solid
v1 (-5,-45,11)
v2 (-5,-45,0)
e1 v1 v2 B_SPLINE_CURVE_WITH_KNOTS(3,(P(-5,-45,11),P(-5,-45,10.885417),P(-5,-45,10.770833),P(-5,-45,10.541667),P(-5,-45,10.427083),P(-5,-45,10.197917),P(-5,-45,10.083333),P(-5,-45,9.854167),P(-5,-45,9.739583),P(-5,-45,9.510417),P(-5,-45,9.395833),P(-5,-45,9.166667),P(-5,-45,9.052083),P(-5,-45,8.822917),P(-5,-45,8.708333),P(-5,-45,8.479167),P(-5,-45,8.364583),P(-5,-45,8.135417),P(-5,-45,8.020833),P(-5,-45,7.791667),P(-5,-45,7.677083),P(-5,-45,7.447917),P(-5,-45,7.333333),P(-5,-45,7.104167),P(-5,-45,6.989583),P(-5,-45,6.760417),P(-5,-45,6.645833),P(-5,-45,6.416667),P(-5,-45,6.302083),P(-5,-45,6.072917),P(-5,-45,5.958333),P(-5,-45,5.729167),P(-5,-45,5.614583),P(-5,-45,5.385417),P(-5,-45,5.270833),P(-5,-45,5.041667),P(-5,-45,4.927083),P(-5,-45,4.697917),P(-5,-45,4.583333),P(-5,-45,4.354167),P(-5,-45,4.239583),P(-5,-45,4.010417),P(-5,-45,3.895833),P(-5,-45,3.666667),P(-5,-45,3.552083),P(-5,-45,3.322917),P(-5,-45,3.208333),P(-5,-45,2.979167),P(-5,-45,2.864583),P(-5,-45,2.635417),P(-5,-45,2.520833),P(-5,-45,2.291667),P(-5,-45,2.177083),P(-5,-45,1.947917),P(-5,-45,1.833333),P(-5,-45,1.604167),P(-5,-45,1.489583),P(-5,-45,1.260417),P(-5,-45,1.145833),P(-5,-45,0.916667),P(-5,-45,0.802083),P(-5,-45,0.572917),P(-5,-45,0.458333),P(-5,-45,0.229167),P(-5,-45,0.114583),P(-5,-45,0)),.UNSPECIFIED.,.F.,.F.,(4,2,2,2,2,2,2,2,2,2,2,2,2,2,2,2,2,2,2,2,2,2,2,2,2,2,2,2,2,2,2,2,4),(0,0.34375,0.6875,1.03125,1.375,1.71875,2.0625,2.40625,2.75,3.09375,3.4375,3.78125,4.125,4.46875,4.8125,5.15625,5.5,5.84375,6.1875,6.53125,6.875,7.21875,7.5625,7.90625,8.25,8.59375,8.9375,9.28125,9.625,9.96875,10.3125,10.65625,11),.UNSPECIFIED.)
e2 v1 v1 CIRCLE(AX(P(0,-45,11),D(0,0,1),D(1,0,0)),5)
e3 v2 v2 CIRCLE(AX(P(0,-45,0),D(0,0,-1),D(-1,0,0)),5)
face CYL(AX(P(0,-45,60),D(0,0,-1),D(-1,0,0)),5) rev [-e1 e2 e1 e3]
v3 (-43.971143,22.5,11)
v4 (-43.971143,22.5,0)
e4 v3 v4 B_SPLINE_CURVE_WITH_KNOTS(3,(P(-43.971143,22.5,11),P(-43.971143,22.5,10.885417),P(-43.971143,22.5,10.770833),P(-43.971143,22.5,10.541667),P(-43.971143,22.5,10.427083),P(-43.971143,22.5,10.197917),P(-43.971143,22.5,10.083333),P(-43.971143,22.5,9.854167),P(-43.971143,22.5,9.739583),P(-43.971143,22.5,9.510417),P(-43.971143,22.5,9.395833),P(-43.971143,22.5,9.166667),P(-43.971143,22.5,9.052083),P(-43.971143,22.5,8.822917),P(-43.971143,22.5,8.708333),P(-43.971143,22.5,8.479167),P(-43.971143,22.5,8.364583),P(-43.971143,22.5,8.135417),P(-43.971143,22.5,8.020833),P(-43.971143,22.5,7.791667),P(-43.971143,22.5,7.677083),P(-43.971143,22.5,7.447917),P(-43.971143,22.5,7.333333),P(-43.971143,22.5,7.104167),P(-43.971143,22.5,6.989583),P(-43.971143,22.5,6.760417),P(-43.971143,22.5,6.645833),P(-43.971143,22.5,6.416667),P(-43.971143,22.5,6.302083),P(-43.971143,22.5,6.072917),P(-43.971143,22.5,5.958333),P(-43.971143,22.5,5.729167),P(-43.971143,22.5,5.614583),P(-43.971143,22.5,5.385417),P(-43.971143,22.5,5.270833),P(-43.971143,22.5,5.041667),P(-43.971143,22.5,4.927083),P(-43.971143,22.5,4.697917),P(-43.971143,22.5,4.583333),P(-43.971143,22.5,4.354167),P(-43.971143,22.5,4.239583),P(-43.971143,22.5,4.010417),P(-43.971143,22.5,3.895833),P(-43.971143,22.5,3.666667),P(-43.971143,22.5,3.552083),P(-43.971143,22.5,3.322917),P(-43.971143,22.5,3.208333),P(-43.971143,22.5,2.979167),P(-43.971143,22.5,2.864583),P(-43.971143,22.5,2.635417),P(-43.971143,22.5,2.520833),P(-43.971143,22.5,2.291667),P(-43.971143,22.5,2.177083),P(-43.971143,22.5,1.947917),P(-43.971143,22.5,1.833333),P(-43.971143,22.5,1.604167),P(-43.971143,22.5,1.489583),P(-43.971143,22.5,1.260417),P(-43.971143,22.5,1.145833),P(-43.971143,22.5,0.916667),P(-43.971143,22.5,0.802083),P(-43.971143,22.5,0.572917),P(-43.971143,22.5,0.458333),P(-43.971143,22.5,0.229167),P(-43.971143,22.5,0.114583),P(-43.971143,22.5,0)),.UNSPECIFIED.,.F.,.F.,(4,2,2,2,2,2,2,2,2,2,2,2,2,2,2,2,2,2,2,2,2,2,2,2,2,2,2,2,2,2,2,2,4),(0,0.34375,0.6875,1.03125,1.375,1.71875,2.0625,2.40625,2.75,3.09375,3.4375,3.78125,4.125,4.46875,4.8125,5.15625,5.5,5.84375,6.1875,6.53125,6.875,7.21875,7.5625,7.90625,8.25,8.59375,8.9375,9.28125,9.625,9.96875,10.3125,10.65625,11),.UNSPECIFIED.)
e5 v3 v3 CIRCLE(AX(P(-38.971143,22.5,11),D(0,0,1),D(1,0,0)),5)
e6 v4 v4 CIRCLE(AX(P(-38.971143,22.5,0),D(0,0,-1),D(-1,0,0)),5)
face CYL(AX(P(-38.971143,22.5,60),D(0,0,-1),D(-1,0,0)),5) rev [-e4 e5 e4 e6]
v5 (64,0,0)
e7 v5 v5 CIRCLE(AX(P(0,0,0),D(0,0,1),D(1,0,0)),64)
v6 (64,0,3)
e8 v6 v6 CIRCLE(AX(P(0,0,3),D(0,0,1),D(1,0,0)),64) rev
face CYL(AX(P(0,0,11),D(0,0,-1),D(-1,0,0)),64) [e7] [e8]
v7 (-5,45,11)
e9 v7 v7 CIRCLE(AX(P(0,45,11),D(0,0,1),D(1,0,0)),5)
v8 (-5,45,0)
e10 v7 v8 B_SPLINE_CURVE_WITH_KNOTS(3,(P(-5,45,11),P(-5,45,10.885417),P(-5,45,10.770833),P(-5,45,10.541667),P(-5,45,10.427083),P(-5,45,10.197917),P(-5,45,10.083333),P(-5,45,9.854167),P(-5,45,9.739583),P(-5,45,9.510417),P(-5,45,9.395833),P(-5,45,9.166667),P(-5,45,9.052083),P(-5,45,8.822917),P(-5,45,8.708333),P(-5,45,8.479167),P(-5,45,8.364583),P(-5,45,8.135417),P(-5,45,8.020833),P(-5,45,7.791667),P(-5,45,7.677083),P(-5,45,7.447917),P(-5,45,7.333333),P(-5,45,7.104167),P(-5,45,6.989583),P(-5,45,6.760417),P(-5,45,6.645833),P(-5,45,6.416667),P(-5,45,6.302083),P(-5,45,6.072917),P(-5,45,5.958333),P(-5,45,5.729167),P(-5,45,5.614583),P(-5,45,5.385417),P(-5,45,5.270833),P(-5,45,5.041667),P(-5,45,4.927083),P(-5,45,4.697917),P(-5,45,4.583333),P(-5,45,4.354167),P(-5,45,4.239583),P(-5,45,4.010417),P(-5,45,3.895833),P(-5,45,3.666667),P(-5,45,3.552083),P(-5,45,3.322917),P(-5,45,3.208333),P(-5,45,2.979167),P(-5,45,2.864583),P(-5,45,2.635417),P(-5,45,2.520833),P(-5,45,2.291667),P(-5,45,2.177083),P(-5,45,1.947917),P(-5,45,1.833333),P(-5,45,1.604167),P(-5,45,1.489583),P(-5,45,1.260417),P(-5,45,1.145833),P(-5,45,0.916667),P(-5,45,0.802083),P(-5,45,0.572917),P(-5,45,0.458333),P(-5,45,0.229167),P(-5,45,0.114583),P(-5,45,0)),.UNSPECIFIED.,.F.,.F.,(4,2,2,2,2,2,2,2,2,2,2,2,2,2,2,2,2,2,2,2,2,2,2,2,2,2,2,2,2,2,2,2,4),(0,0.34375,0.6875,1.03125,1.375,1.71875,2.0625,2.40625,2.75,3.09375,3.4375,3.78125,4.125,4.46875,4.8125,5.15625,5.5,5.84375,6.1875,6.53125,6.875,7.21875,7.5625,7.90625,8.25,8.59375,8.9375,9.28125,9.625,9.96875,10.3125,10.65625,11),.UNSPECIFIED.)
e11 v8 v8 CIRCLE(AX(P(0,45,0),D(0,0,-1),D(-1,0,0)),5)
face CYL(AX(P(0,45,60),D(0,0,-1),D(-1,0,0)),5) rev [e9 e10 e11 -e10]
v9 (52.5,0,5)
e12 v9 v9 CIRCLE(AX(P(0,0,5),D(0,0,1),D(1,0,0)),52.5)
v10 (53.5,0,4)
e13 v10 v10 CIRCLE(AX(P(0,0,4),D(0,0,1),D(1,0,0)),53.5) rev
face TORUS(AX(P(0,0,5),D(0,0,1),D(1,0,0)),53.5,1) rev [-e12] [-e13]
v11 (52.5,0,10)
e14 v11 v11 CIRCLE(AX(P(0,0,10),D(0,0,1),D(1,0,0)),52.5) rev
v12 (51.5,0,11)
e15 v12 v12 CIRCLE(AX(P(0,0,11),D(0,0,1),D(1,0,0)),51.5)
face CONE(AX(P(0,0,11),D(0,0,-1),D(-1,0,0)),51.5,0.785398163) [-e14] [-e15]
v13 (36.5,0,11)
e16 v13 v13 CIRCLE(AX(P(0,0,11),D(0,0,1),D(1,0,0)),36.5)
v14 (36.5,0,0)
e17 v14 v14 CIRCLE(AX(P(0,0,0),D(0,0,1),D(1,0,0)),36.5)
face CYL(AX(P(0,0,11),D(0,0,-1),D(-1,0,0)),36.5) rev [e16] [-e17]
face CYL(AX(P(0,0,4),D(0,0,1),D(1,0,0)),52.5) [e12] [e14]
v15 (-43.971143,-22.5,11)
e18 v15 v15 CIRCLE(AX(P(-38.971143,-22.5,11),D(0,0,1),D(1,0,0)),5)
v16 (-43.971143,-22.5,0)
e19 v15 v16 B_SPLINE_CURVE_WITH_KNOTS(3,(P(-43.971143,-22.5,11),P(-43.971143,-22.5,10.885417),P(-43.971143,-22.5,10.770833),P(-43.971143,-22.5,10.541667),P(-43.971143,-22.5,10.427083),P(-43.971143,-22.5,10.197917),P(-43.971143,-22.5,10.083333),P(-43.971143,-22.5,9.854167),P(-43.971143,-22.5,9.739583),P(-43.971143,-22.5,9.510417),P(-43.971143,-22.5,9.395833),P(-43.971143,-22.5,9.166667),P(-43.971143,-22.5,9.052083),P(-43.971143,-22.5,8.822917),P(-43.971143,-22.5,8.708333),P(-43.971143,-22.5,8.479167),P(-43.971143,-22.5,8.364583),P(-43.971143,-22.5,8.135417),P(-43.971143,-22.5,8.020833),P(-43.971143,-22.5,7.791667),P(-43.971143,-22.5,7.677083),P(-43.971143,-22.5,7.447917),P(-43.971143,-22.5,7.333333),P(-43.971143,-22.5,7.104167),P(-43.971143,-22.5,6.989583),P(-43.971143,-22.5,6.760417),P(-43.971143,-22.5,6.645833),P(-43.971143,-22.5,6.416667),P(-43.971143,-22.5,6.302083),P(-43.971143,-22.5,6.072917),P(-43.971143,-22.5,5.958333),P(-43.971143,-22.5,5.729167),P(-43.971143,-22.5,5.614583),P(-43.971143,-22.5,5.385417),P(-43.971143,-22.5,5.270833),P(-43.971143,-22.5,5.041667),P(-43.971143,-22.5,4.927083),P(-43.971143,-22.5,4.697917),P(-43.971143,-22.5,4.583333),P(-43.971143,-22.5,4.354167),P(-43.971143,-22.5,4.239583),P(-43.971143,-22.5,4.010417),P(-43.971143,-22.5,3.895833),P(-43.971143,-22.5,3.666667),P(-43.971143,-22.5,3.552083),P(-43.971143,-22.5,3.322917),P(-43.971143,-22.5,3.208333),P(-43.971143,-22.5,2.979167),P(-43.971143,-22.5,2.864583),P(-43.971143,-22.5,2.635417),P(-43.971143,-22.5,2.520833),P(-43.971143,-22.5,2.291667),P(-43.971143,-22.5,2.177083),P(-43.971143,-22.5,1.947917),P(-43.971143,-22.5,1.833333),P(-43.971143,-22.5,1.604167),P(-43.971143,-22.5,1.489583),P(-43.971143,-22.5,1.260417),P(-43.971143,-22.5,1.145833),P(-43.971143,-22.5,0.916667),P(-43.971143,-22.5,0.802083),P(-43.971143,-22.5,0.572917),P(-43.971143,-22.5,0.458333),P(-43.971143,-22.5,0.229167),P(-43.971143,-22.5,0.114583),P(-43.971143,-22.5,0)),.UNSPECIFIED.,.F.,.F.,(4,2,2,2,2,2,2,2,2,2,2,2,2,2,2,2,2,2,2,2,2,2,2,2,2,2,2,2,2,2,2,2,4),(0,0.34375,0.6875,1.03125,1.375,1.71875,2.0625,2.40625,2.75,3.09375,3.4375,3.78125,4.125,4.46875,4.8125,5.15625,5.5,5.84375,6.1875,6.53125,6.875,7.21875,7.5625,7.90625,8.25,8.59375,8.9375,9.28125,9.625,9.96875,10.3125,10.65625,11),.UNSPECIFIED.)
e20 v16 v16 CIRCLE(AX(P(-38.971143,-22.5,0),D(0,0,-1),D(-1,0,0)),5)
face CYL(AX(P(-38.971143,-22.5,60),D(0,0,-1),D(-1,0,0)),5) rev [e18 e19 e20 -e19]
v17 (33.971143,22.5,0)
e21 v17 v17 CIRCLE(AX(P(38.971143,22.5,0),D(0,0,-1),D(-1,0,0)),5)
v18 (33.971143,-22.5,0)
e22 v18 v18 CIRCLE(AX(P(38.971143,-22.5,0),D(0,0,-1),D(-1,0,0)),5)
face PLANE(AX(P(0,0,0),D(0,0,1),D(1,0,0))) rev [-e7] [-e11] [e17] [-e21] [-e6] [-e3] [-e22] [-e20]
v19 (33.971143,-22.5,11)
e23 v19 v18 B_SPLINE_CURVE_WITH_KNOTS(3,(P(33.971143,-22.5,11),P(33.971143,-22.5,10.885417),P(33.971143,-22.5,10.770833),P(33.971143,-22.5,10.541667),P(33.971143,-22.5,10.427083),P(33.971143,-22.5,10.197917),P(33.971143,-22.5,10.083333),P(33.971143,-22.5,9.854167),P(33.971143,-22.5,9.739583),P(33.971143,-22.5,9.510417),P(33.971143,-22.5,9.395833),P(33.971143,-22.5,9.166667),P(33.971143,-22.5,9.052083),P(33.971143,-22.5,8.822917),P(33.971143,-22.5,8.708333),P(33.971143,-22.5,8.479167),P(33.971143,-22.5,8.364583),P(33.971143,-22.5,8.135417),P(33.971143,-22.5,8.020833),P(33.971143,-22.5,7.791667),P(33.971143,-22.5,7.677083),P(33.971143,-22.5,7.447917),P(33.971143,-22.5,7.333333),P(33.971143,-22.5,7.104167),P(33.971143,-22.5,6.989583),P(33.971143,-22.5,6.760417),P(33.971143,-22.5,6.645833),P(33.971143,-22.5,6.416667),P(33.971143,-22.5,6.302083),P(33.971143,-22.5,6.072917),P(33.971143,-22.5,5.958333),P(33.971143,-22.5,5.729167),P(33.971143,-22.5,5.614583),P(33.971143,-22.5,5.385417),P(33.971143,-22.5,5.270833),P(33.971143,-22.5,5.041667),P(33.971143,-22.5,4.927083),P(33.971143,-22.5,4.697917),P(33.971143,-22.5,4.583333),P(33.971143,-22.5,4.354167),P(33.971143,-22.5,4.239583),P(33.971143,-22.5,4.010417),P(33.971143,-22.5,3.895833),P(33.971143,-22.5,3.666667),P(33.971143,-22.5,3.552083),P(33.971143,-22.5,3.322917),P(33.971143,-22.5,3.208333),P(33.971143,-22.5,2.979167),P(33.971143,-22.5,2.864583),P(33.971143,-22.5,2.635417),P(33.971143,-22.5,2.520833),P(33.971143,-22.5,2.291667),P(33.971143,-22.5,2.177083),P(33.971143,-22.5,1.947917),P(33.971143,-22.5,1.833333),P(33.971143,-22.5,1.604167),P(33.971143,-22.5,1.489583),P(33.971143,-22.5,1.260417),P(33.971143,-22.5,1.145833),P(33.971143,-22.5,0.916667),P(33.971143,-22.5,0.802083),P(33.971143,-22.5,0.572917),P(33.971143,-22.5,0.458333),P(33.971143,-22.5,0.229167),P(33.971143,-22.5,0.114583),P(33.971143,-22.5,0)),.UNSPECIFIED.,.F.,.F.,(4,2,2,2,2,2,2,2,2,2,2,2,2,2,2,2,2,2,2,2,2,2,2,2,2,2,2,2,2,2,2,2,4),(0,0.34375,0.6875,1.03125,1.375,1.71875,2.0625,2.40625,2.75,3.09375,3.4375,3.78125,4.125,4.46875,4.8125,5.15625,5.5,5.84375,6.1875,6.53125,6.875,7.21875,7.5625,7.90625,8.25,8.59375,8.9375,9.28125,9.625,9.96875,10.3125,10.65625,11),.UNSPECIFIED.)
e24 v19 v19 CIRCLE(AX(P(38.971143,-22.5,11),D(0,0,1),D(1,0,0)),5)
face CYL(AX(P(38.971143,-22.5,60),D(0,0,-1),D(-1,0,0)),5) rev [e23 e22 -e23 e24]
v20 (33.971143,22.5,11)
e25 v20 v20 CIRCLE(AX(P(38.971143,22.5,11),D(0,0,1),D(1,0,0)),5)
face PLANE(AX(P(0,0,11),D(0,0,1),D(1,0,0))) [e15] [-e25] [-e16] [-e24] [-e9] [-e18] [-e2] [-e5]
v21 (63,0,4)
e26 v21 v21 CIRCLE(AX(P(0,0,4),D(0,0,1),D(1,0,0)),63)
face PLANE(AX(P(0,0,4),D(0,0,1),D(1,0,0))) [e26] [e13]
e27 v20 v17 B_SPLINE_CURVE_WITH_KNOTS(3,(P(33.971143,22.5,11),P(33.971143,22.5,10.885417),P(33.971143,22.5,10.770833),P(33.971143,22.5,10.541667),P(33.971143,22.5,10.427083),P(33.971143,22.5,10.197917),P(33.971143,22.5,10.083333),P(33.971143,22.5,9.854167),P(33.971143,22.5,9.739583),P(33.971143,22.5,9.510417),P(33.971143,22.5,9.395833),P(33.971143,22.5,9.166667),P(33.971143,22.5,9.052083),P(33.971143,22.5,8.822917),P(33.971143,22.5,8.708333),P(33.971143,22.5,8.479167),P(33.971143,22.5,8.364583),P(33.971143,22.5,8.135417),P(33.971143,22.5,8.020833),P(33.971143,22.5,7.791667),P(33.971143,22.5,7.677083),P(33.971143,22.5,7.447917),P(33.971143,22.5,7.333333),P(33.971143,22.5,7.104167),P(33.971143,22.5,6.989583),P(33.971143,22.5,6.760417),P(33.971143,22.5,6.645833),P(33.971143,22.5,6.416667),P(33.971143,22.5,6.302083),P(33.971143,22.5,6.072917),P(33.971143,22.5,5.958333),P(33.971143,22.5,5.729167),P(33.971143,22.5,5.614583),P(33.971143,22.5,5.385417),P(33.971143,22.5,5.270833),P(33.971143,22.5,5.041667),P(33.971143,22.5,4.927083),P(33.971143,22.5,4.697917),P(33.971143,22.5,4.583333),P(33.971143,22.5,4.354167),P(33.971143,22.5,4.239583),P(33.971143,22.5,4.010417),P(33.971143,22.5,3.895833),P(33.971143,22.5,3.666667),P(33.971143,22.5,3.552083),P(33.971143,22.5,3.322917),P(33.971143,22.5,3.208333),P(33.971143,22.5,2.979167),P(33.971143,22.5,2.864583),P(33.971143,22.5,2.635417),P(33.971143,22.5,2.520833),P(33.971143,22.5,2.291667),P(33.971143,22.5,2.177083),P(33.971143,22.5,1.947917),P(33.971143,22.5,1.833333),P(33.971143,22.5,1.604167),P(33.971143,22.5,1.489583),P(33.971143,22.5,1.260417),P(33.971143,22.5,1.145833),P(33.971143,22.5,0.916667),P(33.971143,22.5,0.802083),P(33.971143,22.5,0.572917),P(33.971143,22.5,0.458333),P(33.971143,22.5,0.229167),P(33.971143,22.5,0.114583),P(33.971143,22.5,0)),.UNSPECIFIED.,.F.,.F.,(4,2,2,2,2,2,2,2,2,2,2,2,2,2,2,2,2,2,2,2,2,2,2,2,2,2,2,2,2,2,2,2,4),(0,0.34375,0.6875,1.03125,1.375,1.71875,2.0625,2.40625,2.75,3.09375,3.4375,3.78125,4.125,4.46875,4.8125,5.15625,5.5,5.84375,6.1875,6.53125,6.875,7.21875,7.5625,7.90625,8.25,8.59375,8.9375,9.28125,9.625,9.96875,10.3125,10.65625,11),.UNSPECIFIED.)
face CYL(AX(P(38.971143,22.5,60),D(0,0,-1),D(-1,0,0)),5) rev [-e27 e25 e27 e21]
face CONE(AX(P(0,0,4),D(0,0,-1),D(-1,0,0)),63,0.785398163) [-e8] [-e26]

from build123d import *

# Parameters (mm, degrees)
IZIM1_R                     = 64
IZIM1_R_2                   = 36.5
Y_KSEKLIK_EKSTR_ZYON1_DEPTH = 11
IZIM2_R                     = 79.958425649
IZIM2_R_2                   = 52.5
KES_EKSTR_ZYON1_DEPTH       = 7
RADYUS1_R                   = 1
PAH1_SIZE                   = 1
IZIM3_R                     = 5
KES_EKSTR_ZYON2_DEPTH       = 60


with BuildPart() as part:
    # Çizim1 → Yükseklik-Ekstrüzyon1 (new body)
    with BuildSketch(Plane.XY):
        Circle(IZIM1_R)
        Circle(IZIM1_R_2, mode=Mode.SUBTRACT)
    extrude(amount=Y_KSEKLIK_EKSTR_ZYON1_DEPTH)

    # Çizim2 → Kes-Ekstrüzyon1 (cut)
    with BuildSketch(Plane.XY.offset(11)):
        Circle(IZIM2_R)
        Circle(IZIM2_R_2, mode=Mode.SUBTRACT)
    extrude(amount=-KES_EKSTR_ZYON1_DEPTH, mode=Mode.SUBTRACT)

    # Radyus1
    radyus1_edges = [part.edges().sort_by_distance(p)[0] for p in [
        (-52.5, 0, 4),
    ]]
    fillet(radyus1_edges, radius=RADYUS1_R)

    # Pah1
    pah1_edges = [part.edges().sort_by_distance(p)[0] for p in [
        (-64, 0, 4),
        (-52.5, 0, 11),
    ]]
    chamfer(pah1_edges, length=PAH1_SIZE)

    # Çizim3 → Kes-Ekstrüzyon2 (cut)
    with BuildSketch(Plane(origin=(0, 0, 0), x_dir=(-1, 0, 0), z_dir=(0, 0, -1))):
        with Locations((0, 45)):
            Circle(IZIM3_R)
        with Locations((38.97114317, 22.5)):
            Circle(IZIM3_R)
        with Locations((38.97114317, -22.5)):
            Circle(IZIM3_R)
        with Locations((0, -45)):
            Circle(IZIM3_R)
        with Locations((-38.97114317, -22.5)):
            Circle(IZIM3_R)
        with Locations((-38.97114317, 22.5)):
            Circle(IZIM3_R)
    extrude(amount=-KES_EKSTR_ZYON2_DEPTH, mode=Mode.SUBTRACT)


solid = part.part
